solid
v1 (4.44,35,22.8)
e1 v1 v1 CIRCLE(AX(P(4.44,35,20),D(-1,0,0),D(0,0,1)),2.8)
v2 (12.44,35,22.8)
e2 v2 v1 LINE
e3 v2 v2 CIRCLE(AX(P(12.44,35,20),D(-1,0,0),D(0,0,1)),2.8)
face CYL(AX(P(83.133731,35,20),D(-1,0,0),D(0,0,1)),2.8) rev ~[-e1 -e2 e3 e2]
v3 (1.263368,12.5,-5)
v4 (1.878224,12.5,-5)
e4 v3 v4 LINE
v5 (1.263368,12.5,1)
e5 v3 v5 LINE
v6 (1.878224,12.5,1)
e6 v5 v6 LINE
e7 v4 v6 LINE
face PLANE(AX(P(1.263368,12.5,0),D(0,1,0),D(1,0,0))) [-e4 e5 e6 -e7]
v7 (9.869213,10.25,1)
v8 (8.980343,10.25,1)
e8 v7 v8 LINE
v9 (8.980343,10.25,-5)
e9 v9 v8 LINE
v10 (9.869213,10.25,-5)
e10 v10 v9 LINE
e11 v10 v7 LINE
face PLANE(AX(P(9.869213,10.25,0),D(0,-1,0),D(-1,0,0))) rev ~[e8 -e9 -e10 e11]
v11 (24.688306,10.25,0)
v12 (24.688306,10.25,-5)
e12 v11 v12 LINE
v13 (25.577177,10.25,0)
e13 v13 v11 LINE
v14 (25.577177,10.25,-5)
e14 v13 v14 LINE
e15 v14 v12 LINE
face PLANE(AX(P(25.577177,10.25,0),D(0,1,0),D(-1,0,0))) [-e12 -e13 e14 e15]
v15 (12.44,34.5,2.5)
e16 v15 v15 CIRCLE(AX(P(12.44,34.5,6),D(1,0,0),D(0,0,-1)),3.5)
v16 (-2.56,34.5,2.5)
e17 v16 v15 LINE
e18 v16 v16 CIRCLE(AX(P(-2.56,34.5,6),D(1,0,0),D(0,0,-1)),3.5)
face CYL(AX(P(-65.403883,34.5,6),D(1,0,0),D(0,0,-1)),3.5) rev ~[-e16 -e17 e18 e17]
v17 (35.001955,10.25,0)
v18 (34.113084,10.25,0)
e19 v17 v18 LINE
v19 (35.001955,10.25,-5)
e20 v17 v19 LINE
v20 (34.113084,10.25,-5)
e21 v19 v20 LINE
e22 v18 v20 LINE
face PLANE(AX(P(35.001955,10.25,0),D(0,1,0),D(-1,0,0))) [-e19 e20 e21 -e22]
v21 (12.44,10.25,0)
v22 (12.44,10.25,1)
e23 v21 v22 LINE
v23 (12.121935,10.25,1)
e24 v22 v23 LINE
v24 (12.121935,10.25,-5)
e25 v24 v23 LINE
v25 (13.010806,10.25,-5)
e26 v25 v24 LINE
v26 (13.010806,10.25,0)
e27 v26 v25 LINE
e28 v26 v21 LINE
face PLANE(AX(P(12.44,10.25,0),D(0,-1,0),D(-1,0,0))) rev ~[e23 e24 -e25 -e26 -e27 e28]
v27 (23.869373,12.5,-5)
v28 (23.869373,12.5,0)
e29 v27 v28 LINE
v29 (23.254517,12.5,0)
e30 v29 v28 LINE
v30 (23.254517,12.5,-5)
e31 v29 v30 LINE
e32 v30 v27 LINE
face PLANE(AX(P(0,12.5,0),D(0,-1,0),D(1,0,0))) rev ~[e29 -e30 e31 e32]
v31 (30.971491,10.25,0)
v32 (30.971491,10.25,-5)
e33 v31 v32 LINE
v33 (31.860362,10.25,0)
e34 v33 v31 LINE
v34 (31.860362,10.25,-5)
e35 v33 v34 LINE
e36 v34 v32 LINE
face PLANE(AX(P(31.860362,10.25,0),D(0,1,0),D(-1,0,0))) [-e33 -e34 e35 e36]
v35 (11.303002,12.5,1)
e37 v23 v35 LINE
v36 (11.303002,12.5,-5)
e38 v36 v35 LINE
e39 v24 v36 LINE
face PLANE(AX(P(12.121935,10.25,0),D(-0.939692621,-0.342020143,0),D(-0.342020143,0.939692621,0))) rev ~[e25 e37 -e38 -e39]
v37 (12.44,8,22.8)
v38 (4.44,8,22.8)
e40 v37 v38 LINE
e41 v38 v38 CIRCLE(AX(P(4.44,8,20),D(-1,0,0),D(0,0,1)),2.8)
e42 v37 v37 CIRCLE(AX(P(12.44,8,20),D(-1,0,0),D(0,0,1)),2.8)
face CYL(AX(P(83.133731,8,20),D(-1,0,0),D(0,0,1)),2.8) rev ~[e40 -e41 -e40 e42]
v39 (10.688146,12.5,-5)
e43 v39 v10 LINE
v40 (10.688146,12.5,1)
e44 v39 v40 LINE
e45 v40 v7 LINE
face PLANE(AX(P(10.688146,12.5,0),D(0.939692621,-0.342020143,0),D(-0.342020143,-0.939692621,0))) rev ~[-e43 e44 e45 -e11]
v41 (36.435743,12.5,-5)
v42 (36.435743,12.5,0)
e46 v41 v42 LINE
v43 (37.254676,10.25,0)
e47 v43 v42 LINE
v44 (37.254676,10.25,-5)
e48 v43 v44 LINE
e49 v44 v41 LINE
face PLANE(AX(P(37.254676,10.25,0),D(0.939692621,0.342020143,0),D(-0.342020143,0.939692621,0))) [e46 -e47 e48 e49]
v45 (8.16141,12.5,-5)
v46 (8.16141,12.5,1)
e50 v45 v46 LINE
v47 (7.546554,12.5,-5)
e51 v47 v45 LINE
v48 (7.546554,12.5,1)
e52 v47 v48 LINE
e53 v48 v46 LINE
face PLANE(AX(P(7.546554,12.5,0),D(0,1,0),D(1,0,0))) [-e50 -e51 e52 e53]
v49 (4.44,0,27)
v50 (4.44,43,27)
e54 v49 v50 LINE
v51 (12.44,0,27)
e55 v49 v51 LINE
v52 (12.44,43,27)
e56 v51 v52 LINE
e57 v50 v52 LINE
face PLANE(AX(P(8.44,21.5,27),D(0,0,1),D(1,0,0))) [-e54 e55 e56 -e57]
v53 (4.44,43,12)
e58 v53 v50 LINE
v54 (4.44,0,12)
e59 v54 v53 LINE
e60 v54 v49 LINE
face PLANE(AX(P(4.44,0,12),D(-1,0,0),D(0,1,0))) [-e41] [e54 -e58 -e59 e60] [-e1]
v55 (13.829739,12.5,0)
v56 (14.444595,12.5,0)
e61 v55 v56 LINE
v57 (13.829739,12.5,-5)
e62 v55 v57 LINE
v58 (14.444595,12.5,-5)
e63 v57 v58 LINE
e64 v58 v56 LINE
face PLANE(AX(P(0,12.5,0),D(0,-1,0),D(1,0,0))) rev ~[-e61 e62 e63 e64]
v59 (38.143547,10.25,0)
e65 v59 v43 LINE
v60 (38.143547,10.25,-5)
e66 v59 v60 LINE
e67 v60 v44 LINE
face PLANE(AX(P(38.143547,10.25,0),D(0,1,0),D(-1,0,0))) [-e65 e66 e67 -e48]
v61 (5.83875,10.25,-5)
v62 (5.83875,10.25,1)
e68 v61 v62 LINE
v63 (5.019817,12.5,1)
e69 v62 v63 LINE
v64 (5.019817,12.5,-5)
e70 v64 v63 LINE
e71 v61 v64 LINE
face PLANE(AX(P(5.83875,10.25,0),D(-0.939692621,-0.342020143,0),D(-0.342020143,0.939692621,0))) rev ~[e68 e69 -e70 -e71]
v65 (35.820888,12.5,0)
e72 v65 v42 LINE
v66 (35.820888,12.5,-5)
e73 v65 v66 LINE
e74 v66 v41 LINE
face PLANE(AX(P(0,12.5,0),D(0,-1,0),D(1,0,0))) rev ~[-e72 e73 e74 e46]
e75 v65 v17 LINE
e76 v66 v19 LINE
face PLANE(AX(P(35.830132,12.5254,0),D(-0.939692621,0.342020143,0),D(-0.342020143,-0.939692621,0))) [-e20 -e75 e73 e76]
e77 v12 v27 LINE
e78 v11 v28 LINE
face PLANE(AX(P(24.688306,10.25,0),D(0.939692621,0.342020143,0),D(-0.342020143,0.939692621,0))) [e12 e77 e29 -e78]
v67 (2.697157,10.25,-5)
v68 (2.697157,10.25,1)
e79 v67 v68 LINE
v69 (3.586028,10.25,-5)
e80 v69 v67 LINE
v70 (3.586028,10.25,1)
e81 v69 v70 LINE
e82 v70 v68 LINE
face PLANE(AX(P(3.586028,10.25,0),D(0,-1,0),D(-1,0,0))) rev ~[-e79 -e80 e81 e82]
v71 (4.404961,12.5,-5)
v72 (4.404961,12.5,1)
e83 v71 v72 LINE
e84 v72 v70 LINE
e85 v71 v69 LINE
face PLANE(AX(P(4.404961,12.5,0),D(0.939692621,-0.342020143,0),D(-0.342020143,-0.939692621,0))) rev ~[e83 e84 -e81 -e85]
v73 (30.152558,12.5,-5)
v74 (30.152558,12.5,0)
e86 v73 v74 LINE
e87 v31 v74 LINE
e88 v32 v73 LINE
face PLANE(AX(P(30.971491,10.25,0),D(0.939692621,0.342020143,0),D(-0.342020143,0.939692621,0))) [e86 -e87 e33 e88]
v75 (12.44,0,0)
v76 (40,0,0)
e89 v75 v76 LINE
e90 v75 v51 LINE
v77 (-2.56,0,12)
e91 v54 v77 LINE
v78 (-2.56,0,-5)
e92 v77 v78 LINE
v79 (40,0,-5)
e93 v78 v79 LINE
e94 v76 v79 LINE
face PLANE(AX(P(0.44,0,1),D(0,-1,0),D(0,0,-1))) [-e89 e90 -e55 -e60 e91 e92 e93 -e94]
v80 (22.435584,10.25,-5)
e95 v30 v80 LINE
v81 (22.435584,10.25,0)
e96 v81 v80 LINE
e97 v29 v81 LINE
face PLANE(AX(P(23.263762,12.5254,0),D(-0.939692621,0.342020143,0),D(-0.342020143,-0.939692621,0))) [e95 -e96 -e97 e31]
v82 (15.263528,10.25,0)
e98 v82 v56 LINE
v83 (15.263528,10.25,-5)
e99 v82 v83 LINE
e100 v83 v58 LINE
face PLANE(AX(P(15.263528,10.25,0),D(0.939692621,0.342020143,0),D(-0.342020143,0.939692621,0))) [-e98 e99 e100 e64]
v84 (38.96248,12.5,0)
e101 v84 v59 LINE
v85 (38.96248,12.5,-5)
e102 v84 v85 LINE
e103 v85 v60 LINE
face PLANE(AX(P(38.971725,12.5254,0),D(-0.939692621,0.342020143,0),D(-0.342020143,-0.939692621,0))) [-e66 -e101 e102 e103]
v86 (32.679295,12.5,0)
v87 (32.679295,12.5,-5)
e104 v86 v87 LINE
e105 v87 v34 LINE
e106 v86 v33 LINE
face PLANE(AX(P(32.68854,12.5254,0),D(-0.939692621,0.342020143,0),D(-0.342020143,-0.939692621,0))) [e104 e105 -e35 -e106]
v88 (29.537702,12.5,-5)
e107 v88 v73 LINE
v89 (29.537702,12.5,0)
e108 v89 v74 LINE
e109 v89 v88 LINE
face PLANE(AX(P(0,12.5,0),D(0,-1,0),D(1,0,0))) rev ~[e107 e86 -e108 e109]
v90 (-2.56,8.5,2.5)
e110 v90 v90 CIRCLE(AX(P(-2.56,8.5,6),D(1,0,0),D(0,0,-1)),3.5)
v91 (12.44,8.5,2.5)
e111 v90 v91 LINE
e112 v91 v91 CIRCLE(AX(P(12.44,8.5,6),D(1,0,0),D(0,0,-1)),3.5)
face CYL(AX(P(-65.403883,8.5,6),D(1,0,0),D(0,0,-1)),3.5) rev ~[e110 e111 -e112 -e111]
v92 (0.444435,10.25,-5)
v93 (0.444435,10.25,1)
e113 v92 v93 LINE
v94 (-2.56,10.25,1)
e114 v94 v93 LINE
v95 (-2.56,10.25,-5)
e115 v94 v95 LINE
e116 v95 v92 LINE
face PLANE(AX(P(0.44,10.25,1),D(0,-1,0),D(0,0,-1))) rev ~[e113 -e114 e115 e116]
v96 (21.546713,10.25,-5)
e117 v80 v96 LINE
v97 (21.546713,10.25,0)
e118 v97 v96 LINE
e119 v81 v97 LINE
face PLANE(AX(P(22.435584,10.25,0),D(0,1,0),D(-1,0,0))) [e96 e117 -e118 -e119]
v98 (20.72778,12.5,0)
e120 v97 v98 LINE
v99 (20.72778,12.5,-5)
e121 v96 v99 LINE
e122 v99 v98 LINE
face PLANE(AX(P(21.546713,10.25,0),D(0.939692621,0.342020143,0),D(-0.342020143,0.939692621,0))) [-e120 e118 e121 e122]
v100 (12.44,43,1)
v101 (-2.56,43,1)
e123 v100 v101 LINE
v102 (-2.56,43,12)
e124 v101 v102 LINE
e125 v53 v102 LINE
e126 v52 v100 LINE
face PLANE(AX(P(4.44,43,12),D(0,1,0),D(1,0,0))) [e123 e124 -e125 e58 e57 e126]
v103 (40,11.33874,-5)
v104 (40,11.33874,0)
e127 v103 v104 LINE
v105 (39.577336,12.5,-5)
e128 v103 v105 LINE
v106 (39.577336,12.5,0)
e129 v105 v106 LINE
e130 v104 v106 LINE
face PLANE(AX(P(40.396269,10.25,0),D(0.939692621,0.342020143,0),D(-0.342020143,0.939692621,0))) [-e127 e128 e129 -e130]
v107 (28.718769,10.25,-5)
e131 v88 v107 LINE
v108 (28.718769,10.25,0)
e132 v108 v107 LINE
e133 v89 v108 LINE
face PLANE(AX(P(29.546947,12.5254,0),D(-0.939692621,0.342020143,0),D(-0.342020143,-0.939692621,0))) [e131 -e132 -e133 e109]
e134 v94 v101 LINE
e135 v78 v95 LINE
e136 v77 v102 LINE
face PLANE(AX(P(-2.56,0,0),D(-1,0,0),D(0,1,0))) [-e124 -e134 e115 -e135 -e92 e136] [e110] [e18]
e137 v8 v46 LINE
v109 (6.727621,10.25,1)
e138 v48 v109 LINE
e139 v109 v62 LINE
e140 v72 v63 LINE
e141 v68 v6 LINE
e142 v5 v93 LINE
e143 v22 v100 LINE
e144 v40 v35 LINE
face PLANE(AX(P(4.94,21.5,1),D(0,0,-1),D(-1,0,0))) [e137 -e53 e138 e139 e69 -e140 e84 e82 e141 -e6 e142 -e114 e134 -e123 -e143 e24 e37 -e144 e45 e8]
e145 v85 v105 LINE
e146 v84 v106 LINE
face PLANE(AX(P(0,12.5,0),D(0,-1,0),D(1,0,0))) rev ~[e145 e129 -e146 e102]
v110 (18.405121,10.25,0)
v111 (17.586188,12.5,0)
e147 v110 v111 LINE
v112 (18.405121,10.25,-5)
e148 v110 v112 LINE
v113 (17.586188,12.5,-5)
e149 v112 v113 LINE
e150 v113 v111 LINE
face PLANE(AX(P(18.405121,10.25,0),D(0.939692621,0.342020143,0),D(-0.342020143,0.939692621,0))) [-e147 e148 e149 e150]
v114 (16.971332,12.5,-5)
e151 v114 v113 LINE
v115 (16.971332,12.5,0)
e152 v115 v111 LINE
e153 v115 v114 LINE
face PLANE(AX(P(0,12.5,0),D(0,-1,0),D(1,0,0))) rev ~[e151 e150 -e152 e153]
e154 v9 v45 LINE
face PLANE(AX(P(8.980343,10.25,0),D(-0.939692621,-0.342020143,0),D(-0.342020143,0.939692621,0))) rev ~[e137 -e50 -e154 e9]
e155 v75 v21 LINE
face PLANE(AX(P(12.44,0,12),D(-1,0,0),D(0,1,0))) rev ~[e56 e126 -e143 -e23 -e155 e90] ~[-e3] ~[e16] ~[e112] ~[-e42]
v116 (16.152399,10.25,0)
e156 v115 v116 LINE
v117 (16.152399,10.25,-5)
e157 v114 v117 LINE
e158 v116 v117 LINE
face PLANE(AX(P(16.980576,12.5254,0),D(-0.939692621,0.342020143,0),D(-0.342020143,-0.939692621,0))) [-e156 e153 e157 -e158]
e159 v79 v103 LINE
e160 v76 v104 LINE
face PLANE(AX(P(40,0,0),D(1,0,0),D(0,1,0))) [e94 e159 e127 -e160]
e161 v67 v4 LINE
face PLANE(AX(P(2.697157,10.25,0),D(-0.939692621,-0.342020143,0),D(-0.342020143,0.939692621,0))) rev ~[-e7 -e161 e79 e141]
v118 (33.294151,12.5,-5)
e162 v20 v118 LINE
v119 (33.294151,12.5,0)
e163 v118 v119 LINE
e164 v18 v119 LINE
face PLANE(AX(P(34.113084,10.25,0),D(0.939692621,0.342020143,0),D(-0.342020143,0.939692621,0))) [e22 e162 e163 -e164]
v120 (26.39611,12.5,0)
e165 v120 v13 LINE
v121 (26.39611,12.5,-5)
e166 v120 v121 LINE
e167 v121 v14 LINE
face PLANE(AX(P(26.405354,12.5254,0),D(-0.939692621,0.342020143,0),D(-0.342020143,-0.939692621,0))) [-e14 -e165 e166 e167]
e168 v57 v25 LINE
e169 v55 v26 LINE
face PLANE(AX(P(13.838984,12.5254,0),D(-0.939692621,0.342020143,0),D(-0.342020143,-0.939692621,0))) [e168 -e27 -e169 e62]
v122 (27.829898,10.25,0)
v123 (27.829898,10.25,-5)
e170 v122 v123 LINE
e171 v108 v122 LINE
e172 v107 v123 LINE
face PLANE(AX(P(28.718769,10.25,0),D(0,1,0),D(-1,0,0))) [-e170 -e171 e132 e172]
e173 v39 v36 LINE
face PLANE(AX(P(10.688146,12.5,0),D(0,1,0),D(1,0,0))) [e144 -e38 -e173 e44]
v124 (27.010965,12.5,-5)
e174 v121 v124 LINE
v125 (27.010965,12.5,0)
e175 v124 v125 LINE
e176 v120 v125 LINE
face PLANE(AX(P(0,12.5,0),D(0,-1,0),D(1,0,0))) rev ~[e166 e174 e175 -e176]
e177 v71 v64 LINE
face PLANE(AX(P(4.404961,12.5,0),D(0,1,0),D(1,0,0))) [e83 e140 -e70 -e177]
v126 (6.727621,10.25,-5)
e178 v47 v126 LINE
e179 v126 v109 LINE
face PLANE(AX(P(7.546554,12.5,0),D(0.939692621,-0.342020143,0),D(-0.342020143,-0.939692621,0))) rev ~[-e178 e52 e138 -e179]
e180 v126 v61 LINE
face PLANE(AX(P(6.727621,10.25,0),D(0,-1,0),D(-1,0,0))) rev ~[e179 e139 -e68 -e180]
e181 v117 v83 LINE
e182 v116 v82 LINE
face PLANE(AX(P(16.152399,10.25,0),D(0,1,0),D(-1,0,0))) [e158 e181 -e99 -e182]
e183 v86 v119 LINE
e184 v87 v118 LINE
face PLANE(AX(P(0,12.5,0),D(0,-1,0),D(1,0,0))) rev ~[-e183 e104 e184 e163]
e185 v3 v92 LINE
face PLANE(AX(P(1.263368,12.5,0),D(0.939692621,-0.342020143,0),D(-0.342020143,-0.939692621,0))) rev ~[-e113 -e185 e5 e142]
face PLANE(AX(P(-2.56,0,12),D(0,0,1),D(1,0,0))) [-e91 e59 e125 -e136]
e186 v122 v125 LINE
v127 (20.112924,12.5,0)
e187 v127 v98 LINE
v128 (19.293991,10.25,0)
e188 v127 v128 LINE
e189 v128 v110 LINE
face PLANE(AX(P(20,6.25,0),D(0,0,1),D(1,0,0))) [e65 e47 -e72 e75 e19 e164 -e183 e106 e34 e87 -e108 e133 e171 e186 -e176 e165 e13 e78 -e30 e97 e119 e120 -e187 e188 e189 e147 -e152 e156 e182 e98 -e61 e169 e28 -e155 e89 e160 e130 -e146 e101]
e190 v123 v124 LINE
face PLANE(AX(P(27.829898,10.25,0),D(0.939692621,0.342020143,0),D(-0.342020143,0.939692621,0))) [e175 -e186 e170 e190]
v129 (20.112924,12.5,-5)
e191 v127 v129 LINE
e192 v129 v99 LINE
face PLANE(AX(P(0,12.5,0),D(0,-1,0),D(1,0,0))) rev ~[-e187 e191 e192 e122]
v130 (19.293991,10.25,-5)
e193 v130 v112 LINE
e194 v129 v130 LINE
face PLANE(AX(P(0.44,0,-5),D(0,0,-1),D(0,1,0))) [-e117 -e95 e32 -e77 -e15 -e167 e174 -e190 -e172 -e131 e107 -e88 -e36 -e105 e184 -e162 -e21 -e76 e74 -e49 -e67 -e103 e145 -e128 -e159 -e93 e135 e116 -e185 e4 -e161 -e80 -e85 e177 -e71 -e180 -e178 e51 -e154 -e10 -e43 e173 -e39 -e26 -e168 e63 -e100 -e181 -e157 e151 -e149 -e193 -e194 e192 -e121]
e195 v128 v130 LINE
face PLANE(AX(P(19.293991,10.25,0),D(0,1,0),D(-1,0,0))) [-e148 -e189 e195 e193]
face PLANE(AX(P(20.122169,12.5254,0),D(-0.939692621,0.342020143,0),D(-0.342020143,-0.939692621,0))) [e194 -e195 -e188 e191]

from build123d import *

# Parameters (mm, degrees)
BLANKSKE_W                 = 40
BLANKSKE_H                 = 12.5
BLANK_DEPTH                = 5
TOOTHCUTSIM_DEPTH          = 43.20485754
TEETHCUTS_COUNT            = 14
TEETHCUTS_PITCH            = 3.14159265
MOVE_FACE1_BY              = 0.44
SKETCH1_W                  = 15
SKETCH1_H                  = 43
BOSS_EXTRUDE1_DEPTH        = 12
F_7_0_7_DIAMETER_HOLE1_D   = 7
SKETCH6_W                  = 2.7
SKETCH6_H                  = 17
BOSS_EXTRUDE2_DEPTH        = 3.5
SKETCH7_W                  = 8
SKETCH7_H                  = 43
BOSS_EXTRUDE3_DEPTH        = 15
F_5_6_5_6_DIAMETER_HOLE1_D = 5.6
CUT_EXTRUDE1_START         = -17
SKETCH11_W                 = 15
SKETCH11_H                 = 3.5
CUT_EXTRUDE1_DEPTH         = 17
MOVE_FACE2_BY              = 1
MOVE_FACE3_BY              = 3


with BuildPart() as part:
    # BlankSke → Blank (new body)
    with BuildSketch(Plane.XY):
        with Locations((20, 6.25)):
            Rectangle(BLANKSKE_W, BLANKSKE_H)
    extrude(amount=-BLANK_DEPTH)

    # TooCutSkeSim → ToothCutSim (cut, through all)
    with BuildSketch(Plane.XY):
        Polygon((0.44443537, 10.25), (-0.44443537, 10.25), (-1.272613241, 12.5254), (1.272613241, 12.5254), align=None)
    toothcutsim = extrude(amount=-TOOTHCUTSIM_DEPTH, mode=Mode.SUBTRACT)

    # TeethCuts: ToothCutSim ×14
    with Locations(*[(i * TEETHCUTS_PITCH, 0, 0) for i in range(1, TEETHCUTS_COUNT)]):
        add(toothcutsim, mode=Mode.SUBTRACT)

    # Move Face1: a face moved inward by 0.44
    extrude(part.faces().sort_by_distance((0, 5.125, -2.5))[0], amount=MOVE_FACE1_BY, dir=(1, 0, 0), mode=Mode.SUBTRACT)

    # Sketch1 → Boss-Extrude1 (add)
    with BuildSketch(Plane(origin=(0, 0, 0), x_dir=(-1, 0, 0), z_dir=(0, 0, -1))):
        with Locations((-4.94, 21.5)):
            Rectangle(SKETCH1_W, SKETCH1_H)
    extrude(amount=-BOSS_EXTRUDE1_DEPTH)

    # Ø7.0 (7) Diameter Hole1 (through all)
    with Locations(Plane.ZY.offset(2.56)):
        with Locations((6, 34.5), (6, 8.5)):
            Hole(F_7_0_7_DIAMETER_HOLE1_D / 2)

    # Sketch6 → Boss-Extrude2 (add)
    with BuildSketch(Plane.XZ):
        with Locations((-1.21, 3.5)):
            Rectangle(SKETCH6_W, SKETCH6_H)
        with Locations((11.09, 3.5)):
            Rectangle(SKETCH6_W, SKETCH6_H)
    extrude(amount=BOSS_EXTRUDE2_DEPTH)

    # Sketch7 → Boss-Extrude3 (add)
    with BuildSketch(Plane.XY.offset(12)):
        with Locations((8.44, 21.5)):
            Rectangle(SKETCH7_W, SKETCH7_H)
    extrude(amount=BOSS_EXTRUDE3_DEPTH)

    # Ø5.6 (5.6) Diameter Hole1 (through all)
    with Locations(Plane(origin=(12.44, 0, 0), x_dir=(0, 0, -1), z_dir=(1, 0, 0))):
        with Locations((-20, 35), (-20, 8)):
            Hole(F_5_6_5_6_DIAMETER_HOLE1_D / 2)

    # Sketch11 → Cut-Extrude1 (cut)
    with BuildSketch(Plane.XY.offset(12).offset(CUT_EXTRUDE1_START)):
        with Locations((4.94, -1.75)):
            Rectangle(SKETCH11_W, SKETCH11_H)
    extrude(amount=CUT_EXTRUDE1_DEPTH, mode=Mode.SUBTRACT)

    # Move Face2: a face moved inward by 1.0
    extrude(part.faces().sort_by_distance((4.543546999, 25.718346506, 0))[0], amount=MOVE_FACE2_BY, dir=(0, 0, 1), mode=Mode.SUBTRACT)

    # Move Face3: a face moved outward by 3.0
    extrude(part.faces().sort_by_distance((0.44, 5.125, -2))[0], amount=MOVE_FACE3_BY, dir=(-1, 0, 0))


solid = part.part
